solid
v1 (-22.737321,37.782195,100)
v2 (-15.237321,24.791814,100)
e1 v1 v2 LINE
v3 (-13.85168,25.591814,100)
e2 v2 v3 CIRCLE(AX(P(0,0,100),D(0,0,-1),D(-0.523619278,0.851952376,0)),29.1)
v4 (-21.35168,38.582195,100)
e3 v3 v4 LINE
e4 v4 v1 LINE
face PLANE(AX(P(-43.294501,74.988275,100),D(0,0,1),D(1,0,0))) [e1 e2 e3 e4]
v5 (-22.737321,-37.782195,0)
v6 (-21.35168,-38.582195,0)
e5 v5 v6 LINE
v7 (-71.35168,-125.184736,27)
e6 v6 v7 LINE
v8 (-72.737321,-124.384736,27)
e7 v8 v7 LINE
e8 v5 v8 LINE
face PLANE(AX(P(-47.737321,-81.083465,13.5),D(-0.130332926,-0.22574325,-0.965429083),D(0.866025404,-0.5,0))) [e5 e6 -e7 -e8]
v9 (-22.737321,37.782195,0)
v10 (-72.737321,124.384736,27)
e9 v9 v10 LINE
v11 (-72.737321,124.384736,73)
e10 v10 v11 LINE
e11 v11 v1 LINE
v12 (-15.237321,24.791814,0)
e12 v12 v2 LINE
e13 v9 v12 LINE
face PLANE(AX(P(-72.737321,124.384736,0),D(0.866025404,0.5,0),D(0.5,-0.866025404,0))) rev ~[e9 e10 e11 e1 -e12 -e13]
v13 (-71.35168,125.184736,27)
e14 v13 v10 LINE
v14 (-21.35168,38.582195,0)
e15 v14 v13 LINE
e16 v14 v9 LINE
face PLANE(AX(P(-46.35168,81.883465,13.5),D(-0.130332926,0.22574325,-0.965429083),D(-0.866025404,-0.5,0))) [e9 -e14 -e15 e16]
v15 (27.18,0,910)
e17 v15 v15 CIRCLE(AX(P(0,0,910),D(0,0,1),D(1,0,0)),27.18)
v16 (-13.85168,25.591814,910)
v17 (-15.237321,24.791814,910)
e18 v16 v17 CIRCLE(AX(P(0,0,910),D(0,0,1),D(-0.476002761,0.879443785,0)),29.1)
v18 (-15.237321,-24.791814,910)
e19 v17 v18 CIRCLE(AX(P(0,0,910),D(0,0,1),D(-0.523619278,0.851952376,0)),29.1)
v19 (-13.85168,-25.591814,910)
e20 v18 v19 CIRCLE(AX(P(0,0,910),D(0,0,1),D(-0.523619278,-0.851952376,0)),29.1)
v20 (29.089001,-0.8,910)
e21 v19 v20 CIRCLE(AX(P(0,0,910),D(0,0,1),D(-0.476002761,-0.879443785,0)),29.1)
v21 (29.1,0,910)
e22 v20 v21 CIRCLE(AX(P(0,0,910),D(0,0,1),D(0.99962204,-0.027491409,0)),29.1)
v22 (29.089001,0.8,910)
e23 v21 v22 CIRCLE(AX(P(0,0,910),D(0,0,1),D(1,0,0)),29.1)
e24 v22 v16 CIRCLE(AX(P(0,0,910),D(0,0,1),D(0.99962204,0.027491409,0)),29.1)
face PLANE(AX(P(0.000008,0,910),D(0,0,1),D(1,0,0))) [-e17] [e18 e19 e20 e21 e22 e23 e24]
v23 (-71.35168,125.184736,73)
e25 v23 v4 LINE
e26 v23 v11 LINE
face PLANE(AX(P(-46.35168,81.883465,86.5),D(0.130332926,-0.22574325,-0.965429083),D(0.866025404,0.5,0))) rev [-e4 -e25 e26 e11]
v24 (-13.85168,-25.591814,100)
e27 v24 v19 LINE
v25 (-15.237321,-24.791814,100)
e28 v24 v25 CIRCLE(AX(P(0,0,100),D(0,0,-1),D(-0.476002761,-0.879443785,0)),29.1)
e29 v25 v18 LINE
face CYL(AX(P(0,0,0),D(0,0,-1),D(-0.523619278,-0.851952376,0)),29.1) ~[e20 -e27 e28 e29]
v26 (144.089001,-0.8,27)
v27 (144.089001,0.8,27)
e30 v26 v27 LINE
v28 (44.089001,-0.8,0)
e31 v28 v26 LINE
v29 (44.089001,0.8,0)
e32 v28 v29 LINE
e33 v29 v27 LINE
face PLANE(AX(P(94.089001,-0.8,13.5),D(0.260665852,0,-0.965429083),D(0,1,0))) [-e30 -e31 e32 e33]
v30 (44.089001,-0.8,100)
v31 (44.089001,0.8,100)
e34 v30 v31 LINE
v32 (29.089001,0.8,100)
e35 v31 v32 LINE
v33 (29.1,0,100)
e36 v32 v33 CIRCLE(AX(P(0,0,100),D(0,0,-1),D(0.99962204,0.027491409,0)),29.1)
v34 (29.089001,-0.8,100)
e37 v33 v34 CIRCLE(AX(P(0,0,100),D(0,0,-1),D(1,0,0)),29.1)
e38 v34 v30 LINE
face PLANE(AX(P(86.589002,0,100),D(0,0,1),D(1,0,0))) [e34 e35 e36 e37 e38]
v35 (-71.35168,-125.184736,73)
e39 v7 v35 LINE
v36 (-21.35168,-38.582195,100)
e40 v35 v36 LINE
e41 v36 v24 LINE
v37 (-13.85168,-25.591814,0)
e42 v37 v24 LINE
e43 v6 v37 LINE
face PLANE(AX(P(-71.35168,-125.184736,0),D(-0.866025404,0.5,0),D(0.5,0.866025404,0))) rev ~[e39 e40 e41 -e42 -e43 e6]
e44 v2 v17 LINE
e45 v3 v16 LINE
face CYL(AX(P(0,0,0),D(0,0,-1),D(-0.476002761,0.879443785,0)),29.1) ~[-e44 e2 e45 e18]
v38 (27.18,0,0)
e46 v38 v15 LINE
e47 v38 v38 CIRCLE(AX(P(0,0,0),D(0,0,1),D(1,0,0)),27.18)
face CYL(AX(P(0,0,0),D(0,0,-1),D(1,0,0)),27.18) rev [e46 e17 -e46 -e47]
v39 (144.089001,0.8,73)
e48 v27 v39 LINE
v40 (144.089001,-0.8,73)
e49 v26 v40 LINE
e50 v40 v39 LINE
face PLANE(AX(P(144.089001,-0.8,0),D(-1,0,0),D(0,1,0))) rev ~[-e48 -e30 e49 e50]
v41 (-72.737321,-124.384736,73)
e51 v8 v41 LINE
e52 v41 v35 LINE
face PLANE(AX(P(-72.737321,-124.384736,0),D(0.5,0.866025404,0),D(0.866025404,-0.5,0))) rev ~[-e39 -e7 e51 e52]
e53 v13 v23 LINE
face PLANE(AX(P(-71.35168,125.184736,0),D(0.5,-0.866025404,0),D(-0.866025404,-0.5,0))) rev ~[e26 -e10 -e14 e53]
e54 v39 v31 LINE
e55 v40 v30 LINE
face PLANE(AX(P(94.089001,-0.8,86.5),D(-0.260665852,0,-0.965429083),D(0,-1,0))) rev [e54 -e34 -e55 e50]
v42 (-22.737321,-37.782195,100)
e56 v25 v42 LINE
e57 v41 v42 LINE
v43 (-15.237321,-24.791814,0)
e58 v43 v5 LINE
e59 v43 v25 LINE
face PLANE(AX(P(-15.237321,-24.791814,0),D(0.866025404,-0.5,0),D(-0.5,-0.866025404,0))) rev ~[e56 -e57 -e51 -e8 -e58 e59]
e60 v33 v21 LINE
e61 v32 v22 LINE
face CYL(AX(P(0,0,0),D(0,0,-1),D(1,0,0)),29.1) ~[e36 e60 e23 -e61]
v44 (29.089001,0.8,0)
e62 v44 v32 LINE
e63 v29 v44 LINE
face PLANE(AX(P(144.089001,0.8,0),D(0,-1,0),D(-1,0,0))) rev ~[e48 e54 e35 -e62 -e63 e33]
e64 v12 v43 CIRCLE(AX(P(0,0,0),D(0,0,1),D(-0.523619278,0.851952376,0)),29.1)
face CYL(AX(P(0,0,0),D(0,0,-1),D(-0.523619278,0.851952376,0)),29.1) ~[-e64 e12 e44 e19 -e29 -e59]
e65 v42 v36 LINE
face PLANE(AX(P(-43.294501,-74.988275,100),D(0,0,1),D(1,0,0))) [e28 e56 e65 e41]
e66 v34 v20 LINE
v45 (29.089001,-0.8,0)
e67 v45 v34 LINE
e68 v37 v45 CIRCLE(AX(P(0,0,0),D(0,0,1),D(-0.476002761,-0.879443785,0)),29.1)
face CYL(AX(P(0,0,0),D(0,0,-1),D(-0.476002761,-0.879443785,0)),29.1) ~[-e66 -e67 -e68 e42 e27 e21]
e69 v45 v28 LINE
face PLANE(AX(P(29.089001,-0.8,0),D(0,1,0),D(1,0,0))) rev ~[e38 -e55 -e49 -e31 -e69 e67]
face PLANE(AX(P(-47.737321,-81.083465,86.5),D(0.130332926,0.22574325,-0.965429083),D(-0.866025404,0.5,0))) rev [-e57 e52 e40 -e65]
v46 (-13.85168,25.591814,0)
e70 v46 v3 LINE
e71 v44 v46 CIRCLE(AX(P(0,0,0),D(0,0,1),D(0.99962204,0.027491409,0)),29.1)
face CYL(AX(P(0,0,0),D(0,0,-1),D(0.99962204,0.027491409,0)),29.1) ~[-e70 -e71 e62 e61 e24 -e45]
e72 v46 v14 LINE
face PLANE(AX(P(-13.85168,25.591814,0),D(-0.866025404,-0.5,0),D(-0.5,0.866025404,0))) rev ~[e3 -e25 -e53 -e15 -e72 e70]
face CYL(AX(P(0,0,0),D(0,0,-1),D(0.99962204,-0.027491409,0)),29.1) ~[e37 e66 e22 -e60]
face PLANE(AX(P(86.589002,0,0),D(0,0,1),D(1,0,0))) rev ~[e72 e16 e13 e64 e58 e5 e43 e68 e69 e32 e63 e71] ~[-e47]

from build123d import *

# Parameters (mm, degrees)
F0_R       = 27.18
F1_DEPTH   = 910
F2_DEPTH   = 100
F3_SIZE2   = 100
F3_SIZE    = 27
F3_2_SIZE2 = 100
F3_2_SIZE  = 27
F3_3_SIZE2 = 100
F3_3_SIZE  = 27
F4_SIZE2   = 27
F4_SIZE    = 100


with BuildPart() as f1:
    # F0 (on Top) → F1 (new body)
    with BuildSketch(Plane.XY):
        with BuildLine():
            ThreePointArc((29.0890013579, -0.8), (29.0972502096, -0.4000378014), (29.1, 0))
            ThreePointArc((29.1, 0), (29.0972502096, 0.4000378014), (29.0890013579, 0.8))
            ThreePointArc((29.0890013579, 0.8), (14.55, 25.2013392501), (-13.8516803559, 25.5918141467))
            ThreePointArc((-13.8516803559, 25.5918141467), (-14.55, 25.2013392501), (-15.237321002, 24.7918141467))
            ThreePointArc((-15.237321002, 24.7918141467), (-29.1, 0), (-15.237321002, -24.7918141467))
            ThreePointArc((-15.237321002, -24.7918141467), (-14.55, -25.2013392501), (-13.8516803559, -25.5918141467))
            ThreePointArc((-13.8516803559, -25.5918141467), (14.55, -25.2013392501), (29.0890013579, -0.8))
        make_face()
        Circle(F0_R, mode=Mode.SUBTRACT)
    extrude(amount=F1_DEPTH)

    # F0 (on Top) → F2 (join)
    with BuildSketch(Plane.XY):
        with BuildLine():
            ThreePointArc((29.0890013579, 0.8), (29.0972502096, 0.4000378014), (29.1, 0))
            ThreePointArc((29.1, 0), (29.0972502096, -0.4000378014), (29.0890013579, -0.8))
            Line((29.0890013579, -0.8), (144.0890013579, -0.8))
            Line((144.0890013579, -0.8), (144.0890013579, 0.8))
            Line((144.0890013579, 0.8), (29.0890013579, 0.8))
        make_face()
        with BuildLine():
            Line((-71.3516803559, -125.1847355819), (-13.8516803559, -25.5918141467))
            ThreePointArc((-13.8516803559, -25.5918141467), (-14.55, -25.2013392501), (-15.237321002, -24.7918141467))
            Line((-15.237321002, -24.7918141467), (-72.737321002, -124.3847355819))
            Line((-72.737321002, -124.3847355819), (-71.3516803559, -125.1847355819))
        make_face()
        with BuildLine():
            ThreePointArc((-15.237321002, 24.7918141467), (-14.55, 25.2013392501), (-13.8516803559, 25.5918141467))
            Line((-13.8516803559, 25.5918141467), (-71.3516803559, 125.1847355819))
            Line((-71.3516803559, 125.1847355819), (-72.737321002, 124.3847355819))
            Line((-72.737321002, 124.3847355819), (-15.237321002, 24.7918141467))
        make_face()
    extrude(amount=F2_DEPTH)

    # F3
    f3_edges = [f1.edges().sort_by_distance(p)[0] for p in [
        (-72.044501, -124.784736, 100),
    ]]
    f3_side = f1.faces().sort_by_distance((-72.044501, -124.784736, 50))[0]
    chamfer(f3_edges, length=F3_SIZE, length2=F3_SIZE2, reference=f3_side)

    # F3#2
    f3_2_edges = [f1.edges().sort_by_distance(p)[0] for p in [
        (144.089001, 0, 100),
    ]]
    f3_2_side = f1.faces().sort_by_distance((144.089001, 0, 50))[0]
    chamfer(f3_2_edges, length=F3_2_SIZE, length2=F3_2_SIZE2, reference=f3_2_side)

    # F3#3
    f3_3_edges = [f1.edges().sort_by_distance(p)[0] for p in [
        (-72.044501, 124.784736, 100),
    ]]
    f3_3_side = f1.faces().sort_by_distance((-72.044501, 124.784736, 50))[0]
    chamfer(f3_3_edges, length=F3_3_SIZE, length2=F3_3_SIZE2, reference=f3_3_side)

    # F4
    f4_edges = [f1.edges().sort_by_distance(p)[0] for p in [
        (144.089001, 0, 0),
        (-72.044501, 124.784736, 0),
        (-72.044501, -124.784736, 0),
    ]]
    f4_side = f1.faces().sort_by_distance((-28.768792, 0, 0))[0]
    chamfer(f4_edges, length=F4_SIZE, length2=F4_SIZE2, reference=f4_side)


solid = f1.part
